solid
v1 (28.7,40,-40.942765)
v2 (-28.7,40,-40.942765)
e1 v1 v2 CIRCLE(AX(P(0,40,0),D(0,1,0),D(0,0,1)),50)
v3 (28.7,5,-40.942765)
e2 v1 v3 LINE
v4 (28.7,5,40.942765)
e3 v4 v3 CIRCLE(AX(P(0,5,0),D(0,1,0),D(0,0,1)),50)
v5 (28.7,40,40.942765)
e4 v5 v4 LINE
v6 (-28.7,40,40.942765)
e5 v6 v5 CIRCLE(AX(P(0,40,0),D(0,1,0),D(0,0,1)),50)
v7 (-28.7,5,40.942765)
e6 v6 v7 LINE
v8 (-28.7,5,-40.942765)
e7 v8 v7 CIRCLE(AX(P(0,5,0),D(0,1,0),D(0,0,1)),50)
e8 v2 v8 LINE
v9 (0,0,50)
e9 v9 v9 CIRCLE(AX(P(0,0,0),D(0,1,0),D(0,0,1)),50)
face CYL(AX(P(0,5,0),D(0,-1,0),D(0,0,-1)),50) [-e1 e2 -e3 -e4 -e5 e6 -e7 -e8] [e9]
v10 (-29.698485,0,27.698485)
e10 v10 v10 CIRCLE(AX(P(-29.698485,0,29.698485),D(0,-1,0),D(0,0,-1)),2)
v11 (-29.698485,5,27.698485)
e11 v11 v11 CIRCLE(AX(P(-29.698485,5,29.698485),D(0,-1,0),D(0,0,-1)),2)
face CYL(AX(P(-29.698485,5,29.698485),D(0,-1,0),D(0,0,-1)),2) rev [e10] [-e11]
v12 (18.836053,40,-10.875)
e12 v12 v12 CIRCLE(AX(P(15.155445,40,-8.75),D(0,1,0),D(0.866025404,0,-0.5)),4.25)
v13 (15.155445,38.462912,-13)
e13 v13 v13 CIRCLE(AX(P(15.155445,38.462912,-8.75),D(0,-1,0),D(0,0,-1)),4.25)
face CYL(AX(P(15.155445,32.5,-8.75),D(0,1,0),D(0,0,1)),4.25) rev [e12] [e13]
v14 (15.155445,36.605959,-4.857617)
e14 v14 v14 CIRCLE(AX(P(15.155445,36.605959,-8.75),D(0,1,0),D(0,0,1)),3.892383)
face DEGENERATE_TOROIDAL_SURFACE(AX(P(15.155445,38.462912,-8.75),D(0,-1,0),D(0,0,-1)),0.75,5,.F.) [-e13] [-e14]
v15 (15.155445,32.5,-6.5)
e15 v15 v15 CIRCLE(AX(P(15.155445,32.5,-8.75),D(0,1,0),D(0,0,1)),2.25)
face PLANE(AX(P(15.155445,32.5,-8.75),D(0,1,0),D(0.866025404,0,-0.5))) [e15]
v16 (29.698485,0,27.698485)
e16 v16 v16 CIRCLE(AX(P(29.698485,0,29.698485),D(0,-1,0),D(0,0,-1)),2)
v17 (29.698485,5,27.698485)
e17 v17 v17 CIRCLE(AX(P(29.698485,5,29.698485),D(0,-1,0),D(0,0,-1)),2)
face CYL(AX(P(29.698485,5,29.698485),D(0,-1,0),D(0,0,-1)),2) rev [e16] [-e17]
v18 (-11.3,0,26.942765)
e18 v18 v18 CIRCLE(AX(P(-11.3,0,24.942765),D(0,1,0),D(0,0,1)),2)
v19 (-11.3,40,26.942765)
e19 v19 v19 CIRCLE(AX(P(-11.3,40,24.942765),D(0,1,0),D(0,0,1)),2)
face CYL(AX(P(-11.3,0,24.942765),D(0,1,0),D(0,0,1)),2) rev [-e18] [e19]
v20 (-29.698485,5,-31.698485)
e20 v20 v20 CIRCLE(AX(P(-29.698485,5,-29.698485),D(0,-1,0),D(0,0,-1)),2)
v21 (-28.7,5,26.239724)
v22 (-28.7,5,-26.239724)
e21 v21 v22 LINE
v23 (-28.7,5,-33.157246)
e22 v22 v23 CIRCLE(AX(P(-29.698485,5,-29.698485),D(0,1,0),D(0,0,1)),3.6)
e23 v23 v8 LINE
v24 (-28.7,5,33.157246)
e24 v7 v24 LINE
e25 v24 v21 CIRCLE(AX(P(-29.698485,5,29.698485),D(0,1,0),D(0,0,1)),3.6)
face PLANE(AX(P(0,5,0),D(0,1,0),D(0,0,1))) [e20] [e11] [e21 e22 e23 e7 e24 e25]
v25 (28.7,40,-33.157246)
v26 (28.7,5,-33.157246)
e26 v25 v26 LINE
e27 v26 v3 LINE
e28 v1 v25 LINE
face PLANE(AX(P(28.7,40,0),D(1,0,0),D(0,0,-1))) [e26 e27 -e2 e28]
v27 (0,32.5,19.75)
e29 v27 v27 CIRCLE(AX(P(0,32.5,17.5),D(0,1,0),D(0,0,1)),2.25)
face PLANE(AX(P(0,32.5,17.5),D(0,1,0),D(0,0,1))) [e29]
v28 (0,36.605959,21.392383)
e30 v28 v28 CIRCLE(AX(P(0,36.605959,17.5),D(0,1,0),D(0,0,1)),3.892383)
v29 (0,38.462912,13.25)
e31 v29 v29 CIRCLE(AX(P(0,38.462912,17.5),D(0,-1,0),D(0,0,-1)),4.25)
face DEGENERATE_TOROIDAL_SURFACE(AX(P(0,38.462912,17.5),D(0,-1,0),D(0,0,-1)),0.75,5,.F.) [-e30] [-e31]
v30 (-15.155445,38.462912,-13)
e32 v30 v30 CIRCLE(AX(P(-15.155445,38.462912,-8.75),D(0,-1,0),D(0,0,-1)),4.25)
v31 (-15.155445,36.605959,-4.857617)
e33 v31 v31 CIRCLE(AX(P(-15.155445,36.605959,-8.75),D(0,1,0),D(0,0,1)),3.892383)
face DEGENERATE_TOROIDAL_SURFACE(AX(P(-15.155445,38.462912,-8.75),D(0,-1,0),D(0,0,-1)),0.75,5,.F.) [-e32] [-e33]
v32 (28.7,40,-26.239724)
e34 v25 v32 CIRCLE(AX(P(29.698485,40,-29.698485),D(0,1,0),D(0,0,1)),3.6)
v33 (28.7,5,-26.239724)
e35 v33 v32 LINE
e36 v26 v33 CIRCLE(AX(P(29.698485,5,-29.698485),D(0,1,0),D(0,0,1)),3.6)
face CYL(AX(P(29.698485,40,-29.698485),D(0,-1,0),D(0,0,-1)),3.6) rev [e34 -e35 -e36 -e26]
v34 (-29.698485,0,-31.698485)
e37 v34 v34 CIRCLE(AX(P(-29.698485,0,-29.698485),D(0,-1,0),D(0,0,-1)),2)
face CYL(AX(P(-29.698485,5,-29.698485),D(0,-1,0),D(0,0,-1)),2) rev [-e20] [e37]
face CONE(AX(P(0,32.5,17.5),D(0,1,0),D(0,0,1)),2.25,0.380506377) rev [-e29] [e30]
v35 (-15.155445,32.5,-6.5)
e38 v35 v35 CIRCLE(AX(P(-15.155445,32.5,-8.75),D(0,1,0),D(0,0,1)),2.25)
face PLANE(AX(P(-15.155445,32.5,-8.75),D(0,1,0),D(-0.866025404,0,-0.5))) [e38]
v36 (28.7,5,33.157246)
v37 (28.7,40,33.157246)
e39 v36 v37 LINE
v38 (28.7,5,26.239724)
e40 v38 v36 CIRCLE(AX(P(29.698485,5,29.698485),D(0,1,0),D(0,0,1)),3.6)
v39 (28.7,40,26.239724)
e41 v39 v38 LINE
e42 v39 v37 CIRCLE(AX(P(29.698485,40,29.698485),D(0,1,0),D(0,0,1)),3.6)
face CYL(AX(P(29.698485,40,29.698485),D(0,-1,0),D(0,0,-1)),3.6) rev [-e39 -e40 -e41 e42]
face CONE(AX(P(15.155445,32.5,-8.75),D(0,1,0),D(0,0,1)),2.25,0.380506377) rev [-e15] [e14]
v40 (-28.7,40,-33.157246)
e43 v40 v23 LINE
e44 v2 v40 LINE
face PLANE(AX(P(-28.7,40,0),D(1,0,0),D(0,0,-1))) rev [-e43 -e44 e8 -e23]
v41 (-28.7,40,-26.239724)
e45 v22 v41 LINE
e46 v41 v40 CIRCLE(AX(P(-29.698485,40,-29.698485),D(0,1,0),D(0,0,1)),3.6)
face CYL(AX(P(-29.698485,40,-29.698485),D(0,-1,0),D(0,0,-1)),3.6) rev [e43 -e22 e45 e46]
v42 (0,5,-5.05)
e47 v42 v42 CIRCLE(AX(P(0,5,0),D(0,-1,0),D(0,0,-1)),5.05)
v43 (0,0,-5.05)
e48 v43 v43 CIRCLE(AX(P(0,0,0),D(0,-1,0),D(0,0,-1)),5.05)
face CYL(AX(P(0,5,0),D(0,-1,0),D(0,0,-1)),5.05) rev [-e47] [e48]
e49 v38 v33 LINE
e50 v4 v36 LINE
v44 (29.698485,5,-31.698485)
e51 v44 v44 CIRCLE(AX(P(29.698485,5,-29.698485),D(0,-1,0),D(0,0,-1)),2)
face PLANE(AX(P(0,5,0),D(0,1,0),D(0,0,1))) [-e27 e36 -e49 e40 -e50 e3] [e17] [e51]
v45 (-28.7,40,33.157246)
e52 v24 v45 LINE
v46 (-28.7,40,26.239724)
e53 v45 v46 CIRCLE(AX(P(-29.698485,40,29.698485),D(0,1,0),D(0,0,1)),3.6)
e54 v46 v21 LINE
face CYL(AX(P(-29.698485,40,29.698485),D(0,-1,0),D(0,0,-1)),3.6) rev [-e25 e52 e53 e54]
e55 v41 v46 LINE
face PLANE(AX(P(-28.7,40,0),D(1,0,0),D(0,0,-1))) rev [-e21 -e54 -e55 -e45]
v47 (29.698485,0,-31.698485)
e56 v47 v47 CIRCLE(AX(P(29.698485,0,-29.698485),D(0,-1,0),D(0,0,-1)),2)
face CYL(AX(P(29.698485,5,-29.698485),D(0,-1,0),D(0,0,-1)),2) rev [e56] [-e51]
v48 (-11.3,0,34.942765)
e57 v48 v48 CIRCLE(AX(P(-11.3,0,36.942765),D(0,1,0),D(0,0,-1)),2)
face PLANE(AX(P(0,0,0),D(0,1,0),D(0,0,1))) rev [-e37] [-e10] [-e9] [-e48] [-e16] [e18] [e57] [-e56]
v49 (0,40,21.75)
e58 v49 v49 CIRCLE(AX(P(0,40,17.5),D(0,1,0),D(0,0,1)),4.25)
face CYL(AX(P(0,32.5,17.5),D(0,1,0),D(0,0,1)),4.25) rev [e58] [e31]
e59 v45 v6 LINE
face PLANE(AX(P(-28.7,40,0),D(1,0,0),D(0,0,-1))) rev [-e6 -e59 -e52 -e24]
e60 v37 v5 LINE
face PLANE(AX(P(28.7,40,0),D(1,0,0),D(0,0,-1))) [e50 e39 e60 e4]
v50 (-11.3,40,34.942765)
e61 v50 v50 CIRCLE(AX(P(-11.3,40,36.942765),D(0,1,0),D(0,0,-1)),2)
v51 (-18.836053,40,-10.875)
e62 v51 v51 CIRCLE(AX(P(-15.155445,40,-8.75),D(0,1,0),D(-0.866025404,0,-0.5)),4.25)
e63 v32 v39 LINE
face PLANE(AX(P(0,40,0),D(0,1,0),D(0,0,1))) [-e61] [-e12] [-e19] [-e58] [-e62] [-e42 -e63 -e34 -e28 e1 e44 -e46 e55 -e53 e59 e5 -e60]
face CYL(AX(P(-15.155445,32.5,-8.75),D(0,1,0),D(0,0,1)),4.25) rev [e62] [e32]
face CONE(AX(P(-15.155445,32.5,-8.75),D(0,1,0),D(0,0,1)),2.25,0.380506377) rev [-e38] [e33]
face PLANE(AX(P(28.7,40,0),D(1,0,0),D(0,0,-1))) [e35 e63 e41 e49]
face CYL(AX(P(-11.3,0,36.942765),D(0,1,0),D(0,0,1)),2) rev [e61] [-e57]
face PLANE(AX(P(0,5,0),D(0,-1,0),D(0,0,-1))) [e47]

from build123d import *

# Parameters (mm, degrees)
ARA_D_ZLEM_R                    = 50
BASE_DEPTH                      = 5
Y_KSEKLIK_EKSTR_ZYON2_DEPTH     = 40
IZIM2_R                         = 2
BANANA_SLOTLAR_DEPTH            = 82.240384046
IZIM3_R                         = 2
IZIM3_R_2                       = 5.05
KES_EKSTR_ZYON1_DEPTH           = 5
IZIM3_2_R                       = 2
KES_EKSTR_ZYON2_DEPTH           = 82.240384046
IZIM5_R                         = 3.6
KES_EKSTR_ZYON3_DEPTH           = 79.89866919
IZIM6_R                         = 4.25
KES_EKSTR_ZYON4_DEPTH           = 7.5
PAH1_SIZE                       = 5
PAH1_SIZE2                      = 2
RADYUS1_R                       = 5
DAIRESEL_KAPLAMA1_COUNT         = 3
PAH1_OF_DAIRESEL_KAPLAMA1_SIZE2 = 2
PAH1_OF_DAIRESEL_KAPLAMA1_SIZE  = 5
RADYUS1_OF_DAIRESEL_KAPLAMA1_R  = 5


with BuildPart() as part:
    # ara düzlem → base (new body)
    with BuildSketch(Plane(origin=(0, 0, 0), x_dir=(1, 0, 0), z_dir=(0, 1, 0))):
        Circle(ARA_D_ZLEM_R)
    extrude(amount=BASE_DEPTH)

    # Çizim1<3> → Yükseklik-Ekstrüzyon2 (add)
    with BuildSketch(Plane(origin=(0, 0, 0), x_dir=(1, 0, 0), z_dir=(0, 1, 0))):
        with BuildLine():
            ThreePointArc((28.7, 40.942764929), (0, 50), (-28.7, 40.942764929))
            Line((-28.7, 40.942764929), (-28.7, -40.942764929))
            ThreePointArc((-28.7, -40.942764929), (0, -50), (28.7, -40.942764929))
            Line((28.7, -40.942764929), (28.7, 40.942764929))
        make_face()
    extrude(amount=Y_KSEKLIK_EKSTR_ZYON2_DEPTH)

    # Çizim2 → banana slotlar (cut, through all)
    with BuildSketch(Plane(origin=(0, 40, 0), x_dir=(1, 0, 0), z_dir=(0, 1, 0))):
        with Locations((-11.3, -24.942764929)):
            Circle(IZIM2_R)
        with Locations((-11.3, -36.942764929)):
            Circle(IZIM2_R)
    extrude(amount=-BANANA_SLOTLAR_DEPTH, mode=Mode.SUBTRACT)

    # Çizim3 → Kes-Ekstrüzyon1 (cut)
    with BuildSketch(Plane.XZ):
        with Locations((-29.69848481, 29.69848481)):
            Circle(IZIM3_R)
        with Locations((29.69848481, 29.69848481)):
            Circle(IZIM3_R)
        with Locations((29.69848481, -29.69848481)):
            Circle(IZIM3_R)
        with Locations((-29.69848481, -29.69848481)):
            Circle(IZIM3_R)
        Circle(IZIM3_R_2)
    extrude(amount=-KES_EKSTR_ZYON1_DEPTH, mode=Mode.SUBTRACT)

    # Çizim3<2> → Kes-Ekstrüzyon2 (cut, through all)
    with BuildSketch(Plane.XZ):
        with Locations((-29.69848481, 29.69848481)):
            Circle(IZIM3_2_R)
        with Locations((29.69848481, 29.69848481)):
            Circle(IZIM3_2_R)
        with Locations((29.69848481, -29.69848481)):
            Circle(IZIM3_2_R)
        with Locations((-29.69848481, -29.69848481)):
            Circle(IZIM3_2_R)
    extrude(amount=-KES_EKSTR_ZYON2_DEPTH, mode=Mode.SUBTRACT)

    # Çizim5 → Kes-Ekstrüzyon3 (cut, through all)
    with BuildSketch(Plane(origin=(0, 5, 0), x_dir=(1, 0, 0), z_dir=(0, 1, 0))):
        with Locations((29.69848481, -29.69848481)):
            Circle(IZIM5_R)
        with Locations((-29.69848481, -29.69848481)):
            Circle(IZIM5_R)
        with Locations((-29.69848481, 29.69848481)):
            Circle(IZIM5_R)
        with Locations((29.69848481, 29.69848481)):
            Circle(IZIM5_R)
    extrude(amount=KES_EKSTR_ZYON3_DEPTH, mode=Mode.SUBTRACT)

    # Çizim6 → Kes-Ekstrüzyon4 (cut)
    with BuildSketch(Plane(origin=(0, 40, 0), x_dir=(1, 0, 0), z_dir=(0, 1, 0))):
        with Locations((0, -17.5)):
            Circle(IZIM6_R)
    kes_ekstr_zyon4 = extrude(amount=-KES_EKSTR_ZYON4_DEPTH, mode=Mode.SUBTRACT)

    # Pah1
    pah1_edges = [part.edges().sort_by_distance(p)[0] for p in [
        (-4.25, 32.5, 17.5),
    ]]
    pah1_side = [part.faces().sort_by_distance(p)[0] for p in [
        (-4.25, 36.25, 17.5),
    ]]
    chamfer(pah1_edges, length=PAH1_SIZE, length2=PAH1_SIZE2, reference=pah1_side[0])

    # Radyus1
    radyus1_edges = [part.edges().sort_by_distance(p)[0] for p in [
        (-4.25, 37.5, 17.5),
    ]]
    fillet(radyus1_edges, radius=RADYUS1_R)

    # Dairesel Kaplama1: Kes-Ekstrüzyon4 ×3 about axis
    dairesel_kaplama1_axis = Axis((0, 5, 0), (0, -1, 0))
    for i in range(1, DAIRESEL_KAPLAMA1_COUNT):
        add(kes_ekstr_zyon4.rotate(dairesel_kaplama1_axis, i * 360 / DAIRESEL_KAPLAMA1_COUNT), mode=Mode.SUBTRACT)

    # Pah1 of Dairesel Kaplama1
    pah1_of_dairesel_kaplama1_edges = [part.edges().sort_by_distance(p)[0] for p in [
        (-13.030444566, 32.5, -12.430607966),
        (17.280444566, 32.5, -5.069392034),
    ]]
    chamfer(pah1_of_dairesel_kaplama1_edges, length=PAH1_OF_DAIRESEL_KAPLAMA1_SIZE, length2=PAH1_OF_DAIRESEL_KAPLAMA1_SIZE2)

    # Radyus1 of Dairesel Kaplama1
    radyus1_of_dairesel_kaplama1_edges = [part.edges().sort_by_distance(p)[0] for p in [
        (-13.030444566, 37.5, -12.430607966),
        (17.280444566, 37.5, -5.069392034),
    ]]
    fillet(radyus1_of_dairesel_kaplama1_edges, radius=RADYUS1_OF_DAIRESEL_KAPLAMA1_R)


solid = part.part
